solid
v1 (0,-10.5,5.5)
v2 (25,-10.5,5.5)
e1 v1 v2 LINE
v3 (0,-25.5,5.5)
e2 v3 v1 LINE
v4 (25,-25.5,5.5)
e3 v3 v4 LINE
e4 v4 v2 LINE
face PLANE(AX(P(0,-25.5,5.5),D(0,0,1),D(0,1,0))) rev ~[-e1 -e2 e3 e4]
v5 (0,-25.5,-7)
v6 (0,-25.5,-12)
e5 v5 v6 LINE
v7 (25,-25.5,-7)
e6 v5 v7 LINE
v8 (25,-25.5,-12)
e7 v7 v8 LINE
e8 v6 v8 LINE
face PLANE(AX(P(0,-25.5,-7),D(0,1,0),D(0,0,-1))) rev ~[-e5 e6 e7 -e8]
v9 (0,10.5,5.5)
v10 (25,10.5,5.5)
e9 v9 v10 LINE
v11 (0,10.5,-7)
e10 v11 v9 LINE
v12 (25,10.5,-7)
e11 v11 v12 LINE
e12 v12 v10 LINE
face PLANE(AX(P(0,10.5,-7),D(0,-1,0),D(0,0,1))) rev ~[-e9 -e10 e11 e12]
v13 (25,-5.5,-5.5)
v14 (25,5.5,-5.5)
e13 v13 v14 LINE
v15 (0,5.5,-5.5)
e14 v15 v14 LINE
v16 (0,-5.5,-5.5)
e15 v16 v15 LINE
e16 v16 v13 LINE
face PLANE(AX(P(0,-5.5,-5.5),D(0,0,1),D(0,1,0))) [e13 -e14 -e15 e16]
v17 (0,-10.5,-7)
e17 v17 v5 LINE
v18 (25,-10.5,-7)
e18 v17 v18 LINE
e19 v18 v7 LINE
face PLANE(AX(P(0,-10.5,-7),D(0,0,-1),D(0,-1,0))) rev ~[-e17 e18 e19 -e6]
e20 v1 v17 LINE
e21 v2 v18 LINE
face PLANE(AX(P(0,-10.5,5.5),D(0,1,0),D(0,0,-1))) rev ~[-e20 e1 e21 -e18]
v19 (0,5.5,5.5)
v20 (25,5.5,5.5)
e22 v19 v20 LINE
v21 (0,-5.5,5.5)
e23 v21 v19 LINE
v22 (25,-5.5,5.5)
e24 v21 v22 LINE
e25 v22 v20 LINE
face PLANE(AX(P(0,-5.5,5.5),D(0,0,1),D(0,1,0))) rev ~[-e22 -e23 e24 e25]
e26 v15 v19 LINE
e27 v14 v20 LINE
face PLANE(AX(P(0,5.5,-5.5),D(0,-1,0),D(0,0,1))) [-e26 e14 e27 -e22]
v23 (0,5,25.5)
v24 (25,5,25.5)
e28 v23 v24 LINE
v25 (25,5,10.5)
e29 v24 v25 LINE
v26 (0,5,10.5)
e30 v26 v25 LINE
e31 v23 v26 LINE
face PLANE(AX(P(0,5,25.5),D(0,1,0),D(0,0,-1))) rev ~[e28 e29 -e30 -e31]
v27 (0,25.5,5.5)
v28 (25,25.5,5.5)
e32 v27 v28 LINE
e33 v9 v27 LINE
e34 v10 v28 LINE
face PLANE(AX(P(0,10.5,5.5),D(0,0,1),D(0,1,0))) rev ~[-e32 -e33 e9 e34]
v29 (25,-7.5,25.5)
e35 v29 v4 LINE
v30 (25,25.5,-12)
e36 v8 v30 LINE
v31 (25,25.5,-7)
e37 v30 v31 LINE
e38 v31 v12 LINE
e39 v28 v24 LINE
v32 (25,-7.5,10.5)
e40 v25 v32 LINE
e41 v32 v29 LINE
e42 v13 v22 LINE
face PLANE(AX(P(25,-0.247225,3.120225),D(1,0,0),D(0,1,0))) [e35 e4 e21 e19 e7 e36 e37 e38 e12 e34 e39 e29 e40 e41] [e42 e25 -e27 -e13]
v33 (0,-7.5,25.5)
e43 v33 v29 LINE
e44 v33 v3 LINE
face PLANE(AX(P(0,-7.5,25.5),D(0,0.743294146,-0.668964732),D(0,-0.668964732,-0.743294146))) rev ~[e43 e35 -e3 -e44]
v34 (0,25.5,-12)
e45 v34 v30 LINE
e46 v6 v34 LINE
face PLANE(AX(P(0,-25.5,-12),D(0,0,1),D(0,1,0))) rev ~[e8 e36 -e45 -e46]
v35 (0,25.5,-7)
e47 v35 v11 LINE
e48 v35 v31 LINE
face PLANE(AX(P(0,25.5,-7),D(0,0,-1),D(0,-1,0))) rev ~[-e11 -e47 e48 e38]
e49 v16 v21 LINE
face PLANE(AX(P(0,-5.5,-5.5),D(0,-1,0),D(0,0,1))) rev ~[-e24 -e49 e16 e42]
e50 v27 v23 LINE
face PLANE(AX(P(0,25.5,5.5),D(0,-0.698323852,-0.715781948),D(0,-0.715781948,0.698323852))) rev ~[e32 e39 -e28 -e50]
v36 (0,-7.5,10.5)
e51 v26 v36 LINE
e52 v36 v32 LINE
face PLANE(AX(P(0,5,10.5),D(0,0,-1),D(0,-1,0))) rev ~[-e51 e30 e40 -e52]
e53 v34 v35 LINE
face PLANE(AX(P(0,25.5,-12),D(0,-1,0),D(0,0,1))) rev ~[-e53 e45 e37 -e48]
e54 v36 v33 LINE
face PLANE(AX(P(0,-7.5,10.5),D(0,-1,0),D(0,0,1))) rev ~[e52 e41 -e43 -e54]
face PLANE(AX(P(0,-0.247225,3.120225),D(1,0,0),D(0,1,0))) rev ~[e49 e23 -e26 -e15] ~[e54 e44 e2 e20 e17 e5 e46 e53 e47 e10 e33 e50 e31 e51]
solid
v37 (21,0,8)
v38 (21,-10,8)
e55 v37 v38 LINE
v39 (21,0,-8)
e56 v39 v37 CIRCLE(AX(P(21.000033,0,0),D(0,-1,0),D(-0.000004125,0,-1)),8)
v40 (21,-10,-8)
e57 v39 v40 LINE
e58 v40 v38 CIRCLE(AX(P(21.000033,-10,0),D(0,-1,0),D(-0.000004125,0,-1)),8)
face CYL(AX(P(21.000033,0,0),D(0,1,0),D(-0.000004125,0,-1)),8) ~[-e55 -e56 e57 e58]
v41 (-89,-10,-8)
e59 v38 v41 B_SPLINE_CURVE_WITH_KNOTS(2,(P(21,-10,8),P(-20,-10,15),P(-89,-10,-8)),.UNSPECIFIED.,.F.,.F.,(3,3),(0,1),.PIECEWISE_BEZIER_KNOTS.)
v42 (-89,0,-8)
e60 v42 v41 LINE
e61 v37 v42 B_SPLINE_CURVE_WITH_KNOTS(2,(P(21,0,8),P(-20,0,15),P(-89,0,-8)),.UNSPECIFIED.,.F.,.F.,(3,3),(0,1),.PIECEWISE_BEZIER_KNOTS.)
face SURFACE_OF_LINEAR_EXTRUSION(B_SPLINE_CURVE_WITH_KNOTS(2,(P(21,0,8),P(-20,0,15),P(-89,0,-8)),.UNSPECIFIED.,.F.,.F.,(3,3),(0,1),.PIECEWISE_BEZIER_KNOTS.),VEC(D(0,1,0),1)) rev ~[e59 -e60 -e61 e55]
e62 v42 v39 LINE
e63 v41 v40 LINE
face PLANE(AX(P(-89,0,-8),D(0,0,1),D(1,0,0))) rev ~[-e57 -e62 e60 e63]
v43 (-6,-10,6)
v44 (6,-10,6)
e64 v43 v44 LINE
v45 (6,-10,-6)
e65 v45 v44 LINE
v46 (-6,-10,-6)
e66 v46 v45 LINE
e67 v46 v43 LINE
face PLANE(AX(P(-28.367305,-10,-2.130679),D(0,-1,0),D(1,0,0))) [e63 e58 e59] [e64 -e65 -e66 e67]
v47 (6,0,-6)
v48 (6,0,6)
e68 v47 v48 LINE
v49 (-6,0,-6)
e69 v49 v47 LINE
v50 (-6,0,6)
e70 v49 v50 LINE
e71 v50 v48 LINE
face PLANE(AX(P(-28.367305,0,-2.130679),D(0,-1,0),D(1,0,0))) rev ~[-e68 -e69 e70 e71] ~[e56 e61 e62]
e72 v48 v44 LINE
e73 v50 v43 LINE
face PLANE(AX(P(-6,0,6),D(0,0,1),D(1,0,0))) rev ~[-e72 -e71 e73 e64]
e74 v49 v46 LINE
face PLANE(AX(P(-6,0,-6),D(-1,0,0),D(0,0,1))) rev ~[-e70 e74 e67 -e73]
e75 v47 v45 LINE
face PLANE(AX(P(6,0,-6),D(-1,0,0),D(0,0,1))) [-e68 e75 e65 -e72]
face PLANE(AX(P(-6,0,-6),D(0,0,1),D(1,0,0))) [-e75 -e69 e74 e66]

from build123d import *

# Parameters (mm, degrees)
SKETCH_W     = 12
SKETCH_H     = 12
PAD_DEPTH    = 10
SKETCH001_W  = 11
SKETCH001_H  = 11
PAD001_DEPTH = 25


with BuildPart() as wingrib:
    # Sketch → Pad (new body)
    with BuildSketch(Plane.XZ):
        with BuildLine():
            Line((-89, -8), (21, -8))
            ThreePointArc((21, -8), (29.000033, 0), (21, 8))
            add(Edge.make_bspline(
                [(21, 8), (-20, 15), (-89, -8)],
                knots=[0, 0, 0, 1, 1, 1], degree=2))
        make_face()
        Rectangle(SKETCH_W, SKETCH_H, mode=Mode.SUBTRACT)
    extrude(amount=PAD_DEPTH)


with BuildPart() as tailmount:
    # Sketch001 → Pad001 (new body)
    with BuildSketch(Plane.YZ):
        Polygon((10.5, 5.5), (25.5, 5.5), (5, 25.5), (5, 10.5), (-7.5, 10.5), (-7.5, 25.5), (-25.5, 5.5), (-10.5, 5.5), (-10.5, -7), (-25.5, -7), (-25.5, -12), (25.5, -12), (25.5, -7), (10.5, -7), align=None)
        Rectangle(SKETCH001_W, SKETCH001_H, mode=Mode.SUBTRACT)
    extrude(amount=PAD001_DEPTH)


solid = Compound([wingrib.part, tailmount.part])
